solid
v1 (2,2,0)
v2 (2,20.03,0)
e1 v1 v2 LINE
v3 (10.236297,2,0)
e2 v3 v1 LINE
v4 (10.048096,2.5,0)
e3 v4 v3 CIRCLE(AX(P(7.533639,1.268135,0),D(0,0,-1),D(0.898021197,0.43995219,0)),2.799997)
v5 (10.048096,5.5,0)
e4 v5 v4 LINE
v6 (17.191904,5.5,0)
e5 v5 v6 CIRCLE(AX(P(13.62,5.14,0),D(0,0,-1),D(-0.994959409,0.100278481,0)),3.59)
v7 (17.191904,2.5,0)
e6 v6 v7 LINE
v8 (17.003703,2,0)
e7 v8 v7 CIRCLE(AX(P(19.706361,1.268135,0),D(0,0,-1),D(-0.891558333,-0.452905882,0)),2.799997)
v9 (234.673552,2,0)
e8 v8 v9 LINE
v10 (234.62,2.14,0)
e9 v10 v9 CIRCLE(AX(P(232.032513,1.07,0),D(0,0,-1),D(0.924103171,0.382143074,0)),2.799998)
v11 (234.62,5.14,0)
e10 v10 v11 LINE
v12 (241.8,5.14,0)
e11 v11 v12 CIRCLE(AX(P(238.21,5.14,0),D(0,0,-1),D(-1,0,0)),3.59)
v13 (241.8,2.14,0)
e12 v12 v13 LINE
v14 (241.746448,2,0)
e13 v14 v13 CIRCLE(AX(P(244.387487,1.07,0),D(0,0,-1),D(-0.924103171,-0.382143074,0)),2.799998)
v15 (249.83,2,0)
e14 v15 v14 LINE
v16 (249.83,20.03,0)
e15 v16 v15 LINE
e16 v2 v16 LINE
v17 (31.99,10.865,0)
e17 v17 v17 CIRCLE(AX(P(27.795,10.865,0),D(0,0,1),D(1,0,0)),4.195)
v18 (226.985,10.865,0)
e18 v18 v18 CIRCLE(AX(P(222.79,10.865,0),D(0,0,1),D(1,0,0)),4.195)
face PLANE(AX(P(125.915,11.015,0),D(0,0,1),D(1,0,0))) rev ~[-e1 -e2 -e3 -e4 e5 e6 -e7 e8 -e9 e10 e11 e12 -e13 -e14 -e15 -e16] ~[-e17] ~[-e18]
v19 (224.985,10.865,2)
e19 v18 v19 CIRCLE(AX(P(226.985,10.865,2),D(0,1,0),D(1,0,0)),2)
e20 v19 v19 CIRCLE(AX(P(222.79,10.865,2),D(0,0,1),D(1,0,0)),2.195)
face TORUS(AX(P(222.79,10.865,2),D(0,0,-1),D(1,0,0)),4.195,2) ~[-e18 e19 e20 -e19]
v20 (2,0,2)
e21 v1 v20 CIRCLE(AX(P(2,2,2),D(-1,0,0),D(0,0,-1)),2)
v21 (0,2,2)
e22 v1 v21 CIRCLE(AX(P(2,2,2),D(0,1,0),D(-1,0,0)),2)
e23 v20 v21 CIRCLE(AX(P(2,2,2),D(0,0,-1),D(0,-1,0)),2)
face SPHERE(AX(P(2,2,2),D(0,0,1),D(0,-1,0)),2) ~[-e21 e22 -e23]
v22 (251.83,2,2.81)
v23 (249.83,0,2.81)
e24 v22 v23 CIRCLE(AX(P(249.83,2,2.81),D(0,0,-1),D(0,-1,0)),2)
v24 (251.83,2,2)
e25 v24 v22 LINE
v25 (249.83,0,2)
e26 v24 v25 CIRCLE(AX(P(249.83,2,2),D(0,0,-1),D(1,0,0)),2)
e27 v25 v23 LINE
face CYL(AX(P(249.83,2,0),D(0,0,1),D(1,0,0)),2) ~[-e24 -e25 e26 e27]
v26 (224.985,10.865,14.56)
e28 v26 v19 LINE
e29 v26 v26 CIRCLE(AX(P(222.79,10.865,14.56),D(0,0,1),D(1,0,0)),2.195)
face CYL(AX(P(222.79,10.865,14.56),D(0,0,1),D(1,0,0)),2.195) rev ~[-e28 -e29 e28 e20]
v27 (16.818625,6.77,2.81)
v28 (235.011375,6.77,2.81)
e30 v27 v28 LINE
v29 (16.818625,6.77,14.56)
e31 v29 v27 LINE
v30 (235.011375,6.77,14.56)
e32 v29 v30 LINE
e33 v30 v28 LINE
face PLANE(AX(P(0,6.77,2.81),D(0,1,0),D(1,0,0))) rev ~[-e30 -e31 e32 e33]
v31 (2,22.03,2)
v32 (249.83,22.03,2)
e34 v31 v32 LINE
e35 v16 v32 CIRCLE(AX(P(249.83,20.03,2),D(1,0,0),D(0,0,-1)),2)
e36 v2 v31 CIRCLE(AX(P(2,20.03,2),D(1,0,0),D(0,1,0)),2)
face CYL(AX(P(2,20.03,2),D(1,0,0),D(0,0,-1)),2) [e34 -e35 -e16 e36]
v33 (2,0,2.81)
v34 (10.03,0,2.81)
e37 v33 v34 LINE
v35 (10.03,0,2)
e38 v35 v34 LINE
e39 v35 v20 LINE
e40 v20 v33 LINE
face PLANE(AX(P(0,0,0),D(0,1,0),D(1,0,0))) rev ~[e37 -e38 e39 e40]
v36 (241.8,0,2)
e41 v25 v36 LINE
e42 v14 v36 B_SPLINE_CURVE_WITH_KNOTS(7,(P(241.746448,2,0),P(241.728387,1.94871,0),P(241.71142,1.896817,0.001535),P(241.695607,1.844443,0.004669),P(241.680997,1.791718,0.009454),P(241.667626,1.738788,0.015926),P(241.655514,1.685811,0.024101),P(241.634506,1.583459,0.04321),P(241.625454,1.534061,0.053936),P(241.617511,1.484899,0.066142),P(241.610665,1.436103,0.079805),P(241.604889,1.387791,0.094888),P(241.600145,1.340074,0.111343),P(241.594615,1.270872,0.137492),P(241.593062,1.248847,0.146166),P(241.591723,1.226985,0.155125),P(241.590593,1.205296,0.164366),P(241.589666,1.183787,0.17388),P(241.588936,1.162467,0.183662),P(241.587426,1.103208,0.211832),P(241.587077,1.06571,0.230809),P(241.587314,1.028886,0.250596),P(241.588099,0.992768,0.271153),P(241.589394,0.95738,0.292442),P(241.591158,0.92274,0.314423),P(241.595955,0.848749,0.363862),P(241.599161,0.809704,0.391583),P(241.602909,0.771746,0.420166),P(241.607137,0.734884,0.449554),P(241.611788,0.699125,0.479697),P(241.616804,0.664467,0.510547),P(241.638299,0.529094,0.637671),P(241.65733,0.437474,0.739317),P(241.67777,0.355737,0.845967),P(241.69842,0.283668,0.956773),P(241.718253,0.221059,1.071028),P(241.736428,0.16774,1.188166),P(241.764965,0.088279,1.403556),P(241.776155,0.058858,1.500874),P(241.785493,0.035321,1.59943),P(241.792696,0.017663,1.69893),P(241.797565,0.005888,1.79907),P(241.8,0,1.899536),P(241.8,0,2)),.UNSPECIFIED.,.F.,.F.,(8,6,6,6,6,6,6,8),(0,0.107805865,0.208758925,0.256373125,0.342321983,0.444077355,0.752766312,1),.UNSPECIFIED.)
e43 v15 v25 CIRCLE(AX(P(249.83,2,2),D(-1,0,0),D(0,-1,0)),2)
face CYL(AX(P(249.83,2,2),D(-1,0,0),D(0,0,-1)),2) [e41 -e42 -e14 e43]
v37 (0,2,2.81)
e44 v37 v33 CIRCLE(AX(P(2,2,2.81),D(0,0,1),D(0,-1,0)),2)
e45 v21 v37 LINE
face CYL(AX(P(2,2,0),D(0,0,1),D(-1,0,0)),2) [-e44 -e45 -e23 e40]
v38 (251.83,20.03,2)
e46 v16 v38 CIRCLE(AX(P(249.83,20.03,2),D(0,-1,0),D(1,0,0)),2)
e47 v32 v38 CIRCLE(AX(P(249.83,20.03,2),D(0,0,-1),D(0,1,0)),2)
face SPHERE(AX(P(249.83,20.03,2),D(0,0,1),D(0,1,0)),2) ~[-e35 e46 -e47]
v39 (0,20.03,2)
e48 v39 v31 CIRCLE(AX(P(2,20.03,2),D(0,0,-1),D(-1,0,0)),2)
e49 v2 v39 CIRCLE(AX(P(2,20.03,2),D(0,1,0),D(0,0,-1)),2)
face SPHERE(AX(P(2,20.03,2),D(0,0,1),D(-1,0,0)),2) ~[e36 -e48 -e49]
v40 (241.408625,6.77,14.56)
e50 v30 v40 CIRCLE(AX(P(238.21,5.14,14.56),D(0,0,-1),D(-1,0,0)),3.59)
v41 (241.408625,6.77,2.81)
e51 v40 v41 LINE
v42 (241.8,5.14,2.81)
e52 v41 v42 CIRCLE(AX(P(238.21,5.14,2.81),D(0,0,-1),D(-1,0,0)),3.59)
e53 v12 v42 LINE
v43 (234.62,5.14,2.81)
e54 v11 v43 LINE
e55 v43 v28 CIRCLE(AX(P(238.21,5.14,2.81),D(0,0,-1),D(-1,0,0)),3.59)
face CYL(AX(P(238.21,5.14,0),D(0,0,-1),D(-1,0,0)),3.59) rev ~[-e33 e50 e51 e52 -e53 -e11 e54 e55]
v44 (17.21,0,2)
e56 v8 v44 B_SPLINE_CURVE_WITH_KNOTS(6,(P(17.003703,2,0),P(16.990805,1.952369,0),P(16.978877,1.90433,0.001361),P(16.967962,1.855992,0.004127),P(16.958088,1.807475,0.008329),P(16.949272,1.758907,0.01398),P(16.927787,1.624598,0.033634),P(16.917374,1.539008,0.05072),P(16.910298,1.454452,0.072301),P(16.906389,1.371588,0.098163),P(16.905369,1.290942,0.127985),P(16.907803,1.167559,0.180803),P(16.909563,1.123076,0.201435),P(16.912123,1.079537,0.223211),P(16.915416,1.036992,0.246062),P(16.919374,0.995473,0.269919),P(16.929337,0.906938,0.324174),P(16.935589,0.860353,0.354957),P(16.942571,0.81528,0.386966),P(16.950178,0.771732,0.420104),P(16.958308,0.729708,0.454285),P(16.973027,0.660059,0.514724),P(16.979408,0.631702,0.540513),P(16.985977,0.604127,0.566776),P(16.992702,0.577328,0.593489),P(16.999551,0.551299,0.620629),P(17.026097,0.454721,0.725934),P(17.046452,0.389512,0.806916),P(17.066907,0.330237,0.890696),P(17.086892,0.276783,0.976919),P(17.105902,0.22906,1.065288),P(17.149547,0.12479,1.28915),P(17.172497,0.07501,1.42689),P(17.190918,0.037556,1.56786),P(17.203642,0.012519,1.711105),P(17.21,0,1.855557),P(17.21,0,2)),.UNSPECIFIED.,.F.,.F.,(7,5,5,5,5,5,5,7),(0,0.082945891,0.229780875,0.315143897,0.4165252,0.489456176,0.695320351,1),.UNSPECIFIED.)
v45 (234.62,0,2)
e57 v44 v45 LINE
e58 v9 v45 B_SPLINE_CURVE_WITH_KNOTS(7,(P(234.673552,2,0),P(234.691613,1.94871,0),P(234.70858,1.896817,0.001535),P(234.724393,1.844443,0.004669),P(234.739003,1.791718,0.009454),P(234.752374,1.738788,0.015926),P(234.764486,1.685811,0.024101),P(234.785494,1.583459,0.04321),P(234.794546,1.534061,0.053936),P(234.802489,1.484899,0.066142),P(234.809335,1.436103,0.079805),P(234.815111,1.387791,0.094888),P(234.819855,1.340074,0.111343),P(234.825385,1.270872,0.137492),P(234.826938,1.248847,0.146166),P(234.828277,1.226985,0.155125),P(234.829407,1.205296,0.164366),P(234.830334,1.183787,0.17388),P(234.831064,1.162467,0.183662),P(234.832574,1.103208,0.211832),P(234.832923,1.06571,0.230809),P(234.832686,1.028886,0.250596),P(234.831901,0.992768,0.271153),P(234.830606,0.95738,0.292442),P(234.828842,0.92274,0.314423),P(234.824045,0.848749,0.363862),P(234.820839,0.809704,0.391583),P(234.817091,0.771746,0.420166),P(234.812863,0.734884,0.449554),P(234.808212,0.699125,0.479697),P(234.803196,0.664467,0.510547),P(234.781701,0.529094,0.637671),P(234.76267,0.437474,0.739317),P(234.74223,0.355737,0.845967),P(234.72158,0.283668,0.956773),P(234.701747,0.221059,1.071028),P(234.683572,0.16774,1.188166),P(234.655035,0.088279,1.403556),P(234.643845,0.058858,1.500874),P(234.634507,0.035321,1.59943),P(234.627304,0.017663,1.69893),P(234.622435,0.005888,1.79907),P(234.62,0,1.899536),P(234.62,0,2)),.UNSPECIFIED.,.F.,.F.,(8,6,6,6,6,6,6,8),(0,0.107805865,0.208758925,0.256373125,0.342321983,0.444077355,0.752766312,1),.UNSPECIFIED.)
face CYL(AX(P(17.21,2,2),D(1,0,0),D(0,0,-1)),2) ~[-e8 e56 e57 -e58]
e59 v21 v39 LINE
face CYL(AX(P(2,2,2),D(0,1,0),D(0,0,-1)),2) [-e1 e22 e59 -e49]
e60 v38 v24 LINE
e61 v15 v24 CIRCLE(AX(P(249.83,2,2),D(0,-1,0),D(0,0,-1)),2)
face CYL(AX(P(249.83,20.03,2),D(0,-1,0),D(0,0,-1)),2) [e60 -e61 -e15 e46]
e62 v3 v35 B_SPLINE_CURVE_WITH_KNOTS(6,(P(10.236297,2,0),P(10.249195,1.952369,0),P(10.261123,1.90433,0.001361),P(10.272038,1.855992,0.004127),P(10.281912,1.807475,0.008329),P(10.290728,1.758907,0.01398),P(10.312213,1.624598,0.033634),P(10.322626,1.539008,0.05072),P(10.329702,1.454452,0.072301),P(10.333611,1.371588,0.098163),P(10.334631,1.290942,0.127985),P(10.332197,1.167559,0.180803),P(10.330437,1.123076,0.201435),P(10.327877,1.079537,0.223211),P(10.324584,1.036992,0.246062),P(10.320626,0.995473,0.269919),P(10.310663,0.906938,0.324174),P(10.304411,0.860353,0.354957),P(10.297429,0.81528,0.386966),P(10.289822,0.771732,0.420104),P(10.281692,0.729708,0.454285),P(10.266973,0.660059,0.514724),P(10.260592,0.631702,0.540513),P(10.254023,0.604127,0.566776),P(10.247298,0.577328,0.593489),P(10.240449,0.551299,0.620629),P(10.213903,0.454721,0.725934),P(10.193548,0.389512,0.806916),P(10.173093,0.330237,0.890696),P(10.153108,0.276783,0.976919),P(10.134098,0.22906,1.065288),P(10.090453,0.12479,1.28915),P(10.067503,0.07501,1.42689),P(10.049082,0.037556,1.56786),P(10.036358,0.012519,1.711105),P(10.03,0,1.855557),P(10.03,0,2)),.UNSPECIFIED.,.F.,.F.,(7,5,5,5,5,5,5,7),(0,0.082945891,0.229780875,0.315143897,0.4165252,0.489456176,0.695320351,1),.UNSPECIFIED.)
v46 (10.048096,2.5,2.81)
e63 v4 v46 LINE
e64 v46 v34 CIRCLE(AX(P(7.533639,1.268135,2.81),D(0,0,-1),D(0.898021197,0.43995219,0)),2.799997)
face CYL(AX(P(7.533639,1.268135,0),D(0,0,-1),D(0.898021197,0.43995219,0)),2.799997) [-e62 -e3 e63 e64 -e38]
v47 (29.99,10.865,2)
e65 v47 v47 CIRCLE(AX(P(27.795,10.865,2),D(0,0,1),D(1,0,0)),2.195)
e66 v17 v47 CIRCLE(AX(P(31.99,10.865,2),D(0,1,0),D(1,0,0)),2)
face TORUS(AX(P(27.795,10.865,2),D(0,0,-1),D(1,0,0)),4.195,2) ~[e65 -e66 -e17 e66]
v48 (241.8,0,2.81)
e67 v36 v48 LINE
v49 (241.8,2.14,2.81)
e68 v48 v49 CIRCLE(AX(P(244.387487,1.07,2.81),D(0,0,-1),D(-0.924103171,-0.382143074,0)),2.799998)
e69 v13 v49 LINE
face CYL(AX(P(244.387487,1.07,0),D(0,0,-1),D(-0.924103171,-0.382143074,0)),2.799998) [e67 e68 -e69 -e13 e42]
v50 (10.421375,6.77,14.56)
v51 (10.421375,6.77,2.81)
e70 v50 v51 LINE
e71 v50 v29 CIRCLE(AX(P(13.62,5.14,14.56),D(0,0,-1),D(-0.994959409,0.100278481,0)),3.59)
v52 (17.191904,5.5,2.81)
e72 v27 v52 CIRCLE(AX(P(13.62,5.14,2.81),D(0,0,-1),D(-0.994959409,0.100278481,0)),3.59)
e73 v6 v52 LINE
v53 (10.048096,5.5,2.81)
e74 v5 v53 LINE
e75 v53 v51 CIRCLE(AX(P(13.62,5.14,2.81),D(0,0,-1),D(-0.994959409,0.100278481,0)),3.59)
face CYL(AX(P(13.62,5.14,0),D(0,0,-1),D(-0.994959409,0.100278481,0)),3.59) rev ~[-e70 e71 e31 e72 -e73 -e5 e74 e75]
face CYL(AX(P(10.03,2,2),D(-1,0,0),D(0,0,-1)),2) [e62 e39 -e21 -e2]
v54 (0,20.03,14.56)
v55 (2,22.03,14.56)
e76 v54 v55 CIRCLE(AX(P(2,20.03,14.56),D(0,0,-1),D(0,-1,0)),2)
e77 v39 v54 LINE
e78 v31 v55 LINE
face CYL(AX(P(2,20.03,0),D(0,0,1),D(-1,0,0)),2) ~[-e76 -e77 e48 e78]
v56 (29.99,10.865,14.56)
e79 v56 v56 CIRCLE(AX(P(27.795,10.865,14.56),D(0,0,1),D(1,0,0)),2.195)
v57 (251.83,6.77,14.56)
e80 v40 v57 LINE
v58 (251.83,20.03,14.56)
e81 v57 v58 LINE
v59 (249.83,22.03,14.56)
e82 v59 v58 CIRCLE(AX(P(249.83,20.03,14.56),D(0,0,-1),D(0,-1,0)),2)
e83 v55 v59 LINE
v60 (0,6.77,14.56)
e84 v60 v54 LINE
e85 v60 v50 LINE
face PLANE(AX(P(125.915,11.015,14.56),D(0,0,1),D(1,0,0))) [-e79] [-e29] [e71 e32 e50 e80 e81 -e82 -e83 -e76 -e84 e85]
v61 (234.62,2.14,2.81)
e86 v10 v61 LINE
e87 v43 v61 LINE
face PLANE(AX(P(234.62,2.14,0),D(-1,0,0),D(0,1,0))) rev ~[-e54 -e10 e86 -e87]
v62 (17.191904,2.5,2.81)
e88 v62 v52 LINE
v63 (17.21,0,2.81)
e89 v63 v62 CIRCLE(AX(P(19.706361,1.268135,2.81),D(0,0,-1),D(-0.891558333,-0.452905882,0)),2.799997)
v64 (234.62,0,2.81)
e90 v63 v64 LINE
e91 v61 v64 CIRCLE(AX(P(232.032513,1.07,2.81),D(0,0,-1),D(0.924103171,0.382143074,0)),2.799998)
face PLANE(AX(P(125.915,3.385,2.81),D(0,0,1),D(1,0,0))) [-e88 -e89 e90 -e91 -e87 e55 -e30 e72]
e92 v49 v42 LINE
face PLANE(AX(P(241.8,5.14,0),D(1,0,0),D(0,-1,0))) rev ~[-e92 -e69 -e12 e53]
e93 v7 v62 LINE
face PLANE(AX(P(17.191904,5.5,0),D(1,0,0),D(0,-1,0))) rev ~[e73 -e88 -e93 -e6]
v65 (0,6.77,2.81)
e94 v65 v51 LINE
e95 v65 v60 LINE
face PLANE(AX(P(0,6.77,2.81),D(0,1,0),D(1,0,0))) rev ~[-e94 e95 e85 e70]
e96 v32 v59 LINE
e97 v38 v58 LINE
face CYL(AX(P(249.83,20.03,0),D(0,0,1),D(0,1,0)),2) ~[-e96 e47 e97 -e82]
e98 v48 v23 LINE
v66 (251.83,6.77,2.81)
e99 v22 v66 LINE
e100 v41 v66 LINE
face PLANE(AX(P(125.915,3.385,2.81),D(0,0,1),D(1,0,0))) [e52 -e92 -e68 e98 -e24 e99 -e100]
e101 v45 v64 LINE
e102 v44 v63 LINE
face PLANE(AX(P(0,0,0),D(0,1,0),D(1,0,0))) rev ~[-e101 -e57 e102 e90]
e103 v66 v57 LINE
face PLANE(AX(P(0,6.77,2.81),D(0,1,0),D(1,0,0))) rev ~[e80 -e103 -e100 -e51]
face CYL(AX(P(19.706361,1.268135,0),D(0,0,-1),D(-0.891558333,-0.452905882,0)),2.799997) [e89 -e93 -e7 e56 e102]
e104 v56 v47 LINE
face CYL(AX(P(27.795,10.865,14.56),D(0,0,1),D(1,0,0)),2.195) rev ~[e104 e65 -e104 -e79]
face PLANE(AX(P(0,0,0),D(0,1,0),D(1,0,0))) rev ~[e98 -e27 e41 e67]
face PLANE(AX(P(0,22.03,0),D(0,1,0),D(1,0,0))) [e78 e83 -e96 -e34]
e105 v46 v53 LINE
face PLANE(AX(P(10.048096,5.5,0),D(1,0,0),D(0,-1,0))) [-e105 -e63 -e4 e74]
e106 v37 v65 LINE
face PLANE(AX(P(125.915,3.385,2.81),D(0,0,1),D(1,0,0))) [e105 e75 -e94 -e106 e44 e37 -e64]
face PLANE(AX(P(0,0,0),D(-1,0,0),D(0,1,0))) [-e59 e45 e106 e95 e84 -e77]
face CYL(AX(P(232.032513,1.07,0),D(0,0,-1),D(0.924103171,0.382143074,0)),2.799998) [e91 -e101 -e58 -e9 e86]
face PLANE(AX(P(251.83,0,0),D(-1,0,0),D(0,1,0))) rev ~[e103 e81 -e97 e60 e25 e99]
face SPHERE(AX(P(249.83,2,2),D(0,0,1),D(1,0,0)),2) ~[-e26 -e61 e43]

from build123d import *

# Parameters (mm, degrees)
BOX001_W        = 251.83
BOX001_H        = 6.77
BOX001_DEPTH    = 11.75
BOX_W           = 251.83
BOX_H           = 22.03
BOX_DEPTH       = 14.56
SKETCH_R        = 2.195
POCKET_DEPTH    = 14.561
POCKET001_DEPTH = 14.561
FILLET_R        = 2
FILLET001_R     = 2
FILLET002_R     = 2


with BuildPart() as cubo001:
    # Box001 → Box001 (new body)
    with BuildSketch(Plane.XY.offset(2.81)):
        with Locations((125.915, 3.385)):
            Rectangle(BOX001_W, BOX001_H)
    extrude(amount=BOX001_DEPTH)


with BuildPart() as fillet002:
    # Box → Box (new body)
    with BuildSketch(Plane.XY):
        with Locations((125.915, 11.015)):
            Rectangle(BOX_W, BOX_H)
    extrude(amount=BOX_DEPTH)

    # Cut: cut Cubo001
    add(cubo001.part, mode=Mode.SUBTRACT)

    # Sketch (on Face5 of Cut) → Pocket (cut, through all)
    with BuildSketch(Plane.XY.offset(14.56)):
        with Locations((27.795, 10.865)):
            Circle(SKETCH_R)
        with Locations((222.79, 10.865)):
            Circle(SKETCH_R)
    extrude(amount=-POCKET_DEPTH, mode=Mode.SUBTRACT)

    # Sketch001 (on Face7 of Pocket) → Pocket001 (cut, through all)
    with BuildSketch(Plane(origin=(0, 0, 0), x_dir=(1, 0, 0), z_dir=(0, 0, -1))):
        with BuildLine():
            Line((10.048096, -5.5), (10.048096, -2.5))
            ThreePointArc((10.048096, -2.5), (10.333563, -1.247868), (10.03, 0))
            Line((17.21, 0), (10.03, 0))
            ThreePointArc((17.21, 0), (16.906437, -1.247868), (17.191904, -2.5))
            Line((17.191904, -5.5), (17.191904, -2.5))
            ThreePointArc((10.048096, -5.5), (13.62, -8.73), (17.191904, -5.5))
        make_face()
        with BuildLine():
            ThreePointArc((234.62, -5.14), (238.21, -8.73), (241.8, -5.14))
            Line((241.8, -5.14), (241.8, -2.14))
            ThreePointArc((241.8, 0), (241.587489, -1.07), (241.8, -2.14))
            Line((241.8, 0), (234.62, 0))
            ThreePointArc((234.62, -2.14), (234.832511, -1.07), (234.62, 0))
            Line((234.62, -2.14), (234.62, -5.14))
        make_face()
    extrude(amount=-POCKET001_DEPTH, mode=Mode.SUBTRACT)

    # Fillet
    fillet_edges = [fillet002.edges().sort_by_distance(p)[0] for p in [
        (0, 0, 1.405),
        (0, 22.03, 7.28),
        (251.83, 22.03, 7.28),
        (251.83, 0, 1.405),
    ]]
    fillet(fillet_edges, radius=FILLET_R)

    # Fillet001
    fillet001_edges = [fillet002.edges().sort_by_distance(p)[0] for p in [
        (220.595, 10.865, 0),
        (25.6, 10.865, 0),
    ]]
    fillet(fillet001_edges, radius=FILLET001_R)

    # Fillet002
    fillet002_edges = [fillet002.edges().sort_by_distance(p)[0] for p in [
        (125.915, 22.03, 0),
        (0, 11.015, 0),
        (251.83, 11.015, 0),
        (6.015, 0, 0),
        (245.815, 0, 0),
        (125.915, 0, 0),
    ]]
    fillet(fillet002_edges, radius=FILLET002_R)


solid = fillet002.part
